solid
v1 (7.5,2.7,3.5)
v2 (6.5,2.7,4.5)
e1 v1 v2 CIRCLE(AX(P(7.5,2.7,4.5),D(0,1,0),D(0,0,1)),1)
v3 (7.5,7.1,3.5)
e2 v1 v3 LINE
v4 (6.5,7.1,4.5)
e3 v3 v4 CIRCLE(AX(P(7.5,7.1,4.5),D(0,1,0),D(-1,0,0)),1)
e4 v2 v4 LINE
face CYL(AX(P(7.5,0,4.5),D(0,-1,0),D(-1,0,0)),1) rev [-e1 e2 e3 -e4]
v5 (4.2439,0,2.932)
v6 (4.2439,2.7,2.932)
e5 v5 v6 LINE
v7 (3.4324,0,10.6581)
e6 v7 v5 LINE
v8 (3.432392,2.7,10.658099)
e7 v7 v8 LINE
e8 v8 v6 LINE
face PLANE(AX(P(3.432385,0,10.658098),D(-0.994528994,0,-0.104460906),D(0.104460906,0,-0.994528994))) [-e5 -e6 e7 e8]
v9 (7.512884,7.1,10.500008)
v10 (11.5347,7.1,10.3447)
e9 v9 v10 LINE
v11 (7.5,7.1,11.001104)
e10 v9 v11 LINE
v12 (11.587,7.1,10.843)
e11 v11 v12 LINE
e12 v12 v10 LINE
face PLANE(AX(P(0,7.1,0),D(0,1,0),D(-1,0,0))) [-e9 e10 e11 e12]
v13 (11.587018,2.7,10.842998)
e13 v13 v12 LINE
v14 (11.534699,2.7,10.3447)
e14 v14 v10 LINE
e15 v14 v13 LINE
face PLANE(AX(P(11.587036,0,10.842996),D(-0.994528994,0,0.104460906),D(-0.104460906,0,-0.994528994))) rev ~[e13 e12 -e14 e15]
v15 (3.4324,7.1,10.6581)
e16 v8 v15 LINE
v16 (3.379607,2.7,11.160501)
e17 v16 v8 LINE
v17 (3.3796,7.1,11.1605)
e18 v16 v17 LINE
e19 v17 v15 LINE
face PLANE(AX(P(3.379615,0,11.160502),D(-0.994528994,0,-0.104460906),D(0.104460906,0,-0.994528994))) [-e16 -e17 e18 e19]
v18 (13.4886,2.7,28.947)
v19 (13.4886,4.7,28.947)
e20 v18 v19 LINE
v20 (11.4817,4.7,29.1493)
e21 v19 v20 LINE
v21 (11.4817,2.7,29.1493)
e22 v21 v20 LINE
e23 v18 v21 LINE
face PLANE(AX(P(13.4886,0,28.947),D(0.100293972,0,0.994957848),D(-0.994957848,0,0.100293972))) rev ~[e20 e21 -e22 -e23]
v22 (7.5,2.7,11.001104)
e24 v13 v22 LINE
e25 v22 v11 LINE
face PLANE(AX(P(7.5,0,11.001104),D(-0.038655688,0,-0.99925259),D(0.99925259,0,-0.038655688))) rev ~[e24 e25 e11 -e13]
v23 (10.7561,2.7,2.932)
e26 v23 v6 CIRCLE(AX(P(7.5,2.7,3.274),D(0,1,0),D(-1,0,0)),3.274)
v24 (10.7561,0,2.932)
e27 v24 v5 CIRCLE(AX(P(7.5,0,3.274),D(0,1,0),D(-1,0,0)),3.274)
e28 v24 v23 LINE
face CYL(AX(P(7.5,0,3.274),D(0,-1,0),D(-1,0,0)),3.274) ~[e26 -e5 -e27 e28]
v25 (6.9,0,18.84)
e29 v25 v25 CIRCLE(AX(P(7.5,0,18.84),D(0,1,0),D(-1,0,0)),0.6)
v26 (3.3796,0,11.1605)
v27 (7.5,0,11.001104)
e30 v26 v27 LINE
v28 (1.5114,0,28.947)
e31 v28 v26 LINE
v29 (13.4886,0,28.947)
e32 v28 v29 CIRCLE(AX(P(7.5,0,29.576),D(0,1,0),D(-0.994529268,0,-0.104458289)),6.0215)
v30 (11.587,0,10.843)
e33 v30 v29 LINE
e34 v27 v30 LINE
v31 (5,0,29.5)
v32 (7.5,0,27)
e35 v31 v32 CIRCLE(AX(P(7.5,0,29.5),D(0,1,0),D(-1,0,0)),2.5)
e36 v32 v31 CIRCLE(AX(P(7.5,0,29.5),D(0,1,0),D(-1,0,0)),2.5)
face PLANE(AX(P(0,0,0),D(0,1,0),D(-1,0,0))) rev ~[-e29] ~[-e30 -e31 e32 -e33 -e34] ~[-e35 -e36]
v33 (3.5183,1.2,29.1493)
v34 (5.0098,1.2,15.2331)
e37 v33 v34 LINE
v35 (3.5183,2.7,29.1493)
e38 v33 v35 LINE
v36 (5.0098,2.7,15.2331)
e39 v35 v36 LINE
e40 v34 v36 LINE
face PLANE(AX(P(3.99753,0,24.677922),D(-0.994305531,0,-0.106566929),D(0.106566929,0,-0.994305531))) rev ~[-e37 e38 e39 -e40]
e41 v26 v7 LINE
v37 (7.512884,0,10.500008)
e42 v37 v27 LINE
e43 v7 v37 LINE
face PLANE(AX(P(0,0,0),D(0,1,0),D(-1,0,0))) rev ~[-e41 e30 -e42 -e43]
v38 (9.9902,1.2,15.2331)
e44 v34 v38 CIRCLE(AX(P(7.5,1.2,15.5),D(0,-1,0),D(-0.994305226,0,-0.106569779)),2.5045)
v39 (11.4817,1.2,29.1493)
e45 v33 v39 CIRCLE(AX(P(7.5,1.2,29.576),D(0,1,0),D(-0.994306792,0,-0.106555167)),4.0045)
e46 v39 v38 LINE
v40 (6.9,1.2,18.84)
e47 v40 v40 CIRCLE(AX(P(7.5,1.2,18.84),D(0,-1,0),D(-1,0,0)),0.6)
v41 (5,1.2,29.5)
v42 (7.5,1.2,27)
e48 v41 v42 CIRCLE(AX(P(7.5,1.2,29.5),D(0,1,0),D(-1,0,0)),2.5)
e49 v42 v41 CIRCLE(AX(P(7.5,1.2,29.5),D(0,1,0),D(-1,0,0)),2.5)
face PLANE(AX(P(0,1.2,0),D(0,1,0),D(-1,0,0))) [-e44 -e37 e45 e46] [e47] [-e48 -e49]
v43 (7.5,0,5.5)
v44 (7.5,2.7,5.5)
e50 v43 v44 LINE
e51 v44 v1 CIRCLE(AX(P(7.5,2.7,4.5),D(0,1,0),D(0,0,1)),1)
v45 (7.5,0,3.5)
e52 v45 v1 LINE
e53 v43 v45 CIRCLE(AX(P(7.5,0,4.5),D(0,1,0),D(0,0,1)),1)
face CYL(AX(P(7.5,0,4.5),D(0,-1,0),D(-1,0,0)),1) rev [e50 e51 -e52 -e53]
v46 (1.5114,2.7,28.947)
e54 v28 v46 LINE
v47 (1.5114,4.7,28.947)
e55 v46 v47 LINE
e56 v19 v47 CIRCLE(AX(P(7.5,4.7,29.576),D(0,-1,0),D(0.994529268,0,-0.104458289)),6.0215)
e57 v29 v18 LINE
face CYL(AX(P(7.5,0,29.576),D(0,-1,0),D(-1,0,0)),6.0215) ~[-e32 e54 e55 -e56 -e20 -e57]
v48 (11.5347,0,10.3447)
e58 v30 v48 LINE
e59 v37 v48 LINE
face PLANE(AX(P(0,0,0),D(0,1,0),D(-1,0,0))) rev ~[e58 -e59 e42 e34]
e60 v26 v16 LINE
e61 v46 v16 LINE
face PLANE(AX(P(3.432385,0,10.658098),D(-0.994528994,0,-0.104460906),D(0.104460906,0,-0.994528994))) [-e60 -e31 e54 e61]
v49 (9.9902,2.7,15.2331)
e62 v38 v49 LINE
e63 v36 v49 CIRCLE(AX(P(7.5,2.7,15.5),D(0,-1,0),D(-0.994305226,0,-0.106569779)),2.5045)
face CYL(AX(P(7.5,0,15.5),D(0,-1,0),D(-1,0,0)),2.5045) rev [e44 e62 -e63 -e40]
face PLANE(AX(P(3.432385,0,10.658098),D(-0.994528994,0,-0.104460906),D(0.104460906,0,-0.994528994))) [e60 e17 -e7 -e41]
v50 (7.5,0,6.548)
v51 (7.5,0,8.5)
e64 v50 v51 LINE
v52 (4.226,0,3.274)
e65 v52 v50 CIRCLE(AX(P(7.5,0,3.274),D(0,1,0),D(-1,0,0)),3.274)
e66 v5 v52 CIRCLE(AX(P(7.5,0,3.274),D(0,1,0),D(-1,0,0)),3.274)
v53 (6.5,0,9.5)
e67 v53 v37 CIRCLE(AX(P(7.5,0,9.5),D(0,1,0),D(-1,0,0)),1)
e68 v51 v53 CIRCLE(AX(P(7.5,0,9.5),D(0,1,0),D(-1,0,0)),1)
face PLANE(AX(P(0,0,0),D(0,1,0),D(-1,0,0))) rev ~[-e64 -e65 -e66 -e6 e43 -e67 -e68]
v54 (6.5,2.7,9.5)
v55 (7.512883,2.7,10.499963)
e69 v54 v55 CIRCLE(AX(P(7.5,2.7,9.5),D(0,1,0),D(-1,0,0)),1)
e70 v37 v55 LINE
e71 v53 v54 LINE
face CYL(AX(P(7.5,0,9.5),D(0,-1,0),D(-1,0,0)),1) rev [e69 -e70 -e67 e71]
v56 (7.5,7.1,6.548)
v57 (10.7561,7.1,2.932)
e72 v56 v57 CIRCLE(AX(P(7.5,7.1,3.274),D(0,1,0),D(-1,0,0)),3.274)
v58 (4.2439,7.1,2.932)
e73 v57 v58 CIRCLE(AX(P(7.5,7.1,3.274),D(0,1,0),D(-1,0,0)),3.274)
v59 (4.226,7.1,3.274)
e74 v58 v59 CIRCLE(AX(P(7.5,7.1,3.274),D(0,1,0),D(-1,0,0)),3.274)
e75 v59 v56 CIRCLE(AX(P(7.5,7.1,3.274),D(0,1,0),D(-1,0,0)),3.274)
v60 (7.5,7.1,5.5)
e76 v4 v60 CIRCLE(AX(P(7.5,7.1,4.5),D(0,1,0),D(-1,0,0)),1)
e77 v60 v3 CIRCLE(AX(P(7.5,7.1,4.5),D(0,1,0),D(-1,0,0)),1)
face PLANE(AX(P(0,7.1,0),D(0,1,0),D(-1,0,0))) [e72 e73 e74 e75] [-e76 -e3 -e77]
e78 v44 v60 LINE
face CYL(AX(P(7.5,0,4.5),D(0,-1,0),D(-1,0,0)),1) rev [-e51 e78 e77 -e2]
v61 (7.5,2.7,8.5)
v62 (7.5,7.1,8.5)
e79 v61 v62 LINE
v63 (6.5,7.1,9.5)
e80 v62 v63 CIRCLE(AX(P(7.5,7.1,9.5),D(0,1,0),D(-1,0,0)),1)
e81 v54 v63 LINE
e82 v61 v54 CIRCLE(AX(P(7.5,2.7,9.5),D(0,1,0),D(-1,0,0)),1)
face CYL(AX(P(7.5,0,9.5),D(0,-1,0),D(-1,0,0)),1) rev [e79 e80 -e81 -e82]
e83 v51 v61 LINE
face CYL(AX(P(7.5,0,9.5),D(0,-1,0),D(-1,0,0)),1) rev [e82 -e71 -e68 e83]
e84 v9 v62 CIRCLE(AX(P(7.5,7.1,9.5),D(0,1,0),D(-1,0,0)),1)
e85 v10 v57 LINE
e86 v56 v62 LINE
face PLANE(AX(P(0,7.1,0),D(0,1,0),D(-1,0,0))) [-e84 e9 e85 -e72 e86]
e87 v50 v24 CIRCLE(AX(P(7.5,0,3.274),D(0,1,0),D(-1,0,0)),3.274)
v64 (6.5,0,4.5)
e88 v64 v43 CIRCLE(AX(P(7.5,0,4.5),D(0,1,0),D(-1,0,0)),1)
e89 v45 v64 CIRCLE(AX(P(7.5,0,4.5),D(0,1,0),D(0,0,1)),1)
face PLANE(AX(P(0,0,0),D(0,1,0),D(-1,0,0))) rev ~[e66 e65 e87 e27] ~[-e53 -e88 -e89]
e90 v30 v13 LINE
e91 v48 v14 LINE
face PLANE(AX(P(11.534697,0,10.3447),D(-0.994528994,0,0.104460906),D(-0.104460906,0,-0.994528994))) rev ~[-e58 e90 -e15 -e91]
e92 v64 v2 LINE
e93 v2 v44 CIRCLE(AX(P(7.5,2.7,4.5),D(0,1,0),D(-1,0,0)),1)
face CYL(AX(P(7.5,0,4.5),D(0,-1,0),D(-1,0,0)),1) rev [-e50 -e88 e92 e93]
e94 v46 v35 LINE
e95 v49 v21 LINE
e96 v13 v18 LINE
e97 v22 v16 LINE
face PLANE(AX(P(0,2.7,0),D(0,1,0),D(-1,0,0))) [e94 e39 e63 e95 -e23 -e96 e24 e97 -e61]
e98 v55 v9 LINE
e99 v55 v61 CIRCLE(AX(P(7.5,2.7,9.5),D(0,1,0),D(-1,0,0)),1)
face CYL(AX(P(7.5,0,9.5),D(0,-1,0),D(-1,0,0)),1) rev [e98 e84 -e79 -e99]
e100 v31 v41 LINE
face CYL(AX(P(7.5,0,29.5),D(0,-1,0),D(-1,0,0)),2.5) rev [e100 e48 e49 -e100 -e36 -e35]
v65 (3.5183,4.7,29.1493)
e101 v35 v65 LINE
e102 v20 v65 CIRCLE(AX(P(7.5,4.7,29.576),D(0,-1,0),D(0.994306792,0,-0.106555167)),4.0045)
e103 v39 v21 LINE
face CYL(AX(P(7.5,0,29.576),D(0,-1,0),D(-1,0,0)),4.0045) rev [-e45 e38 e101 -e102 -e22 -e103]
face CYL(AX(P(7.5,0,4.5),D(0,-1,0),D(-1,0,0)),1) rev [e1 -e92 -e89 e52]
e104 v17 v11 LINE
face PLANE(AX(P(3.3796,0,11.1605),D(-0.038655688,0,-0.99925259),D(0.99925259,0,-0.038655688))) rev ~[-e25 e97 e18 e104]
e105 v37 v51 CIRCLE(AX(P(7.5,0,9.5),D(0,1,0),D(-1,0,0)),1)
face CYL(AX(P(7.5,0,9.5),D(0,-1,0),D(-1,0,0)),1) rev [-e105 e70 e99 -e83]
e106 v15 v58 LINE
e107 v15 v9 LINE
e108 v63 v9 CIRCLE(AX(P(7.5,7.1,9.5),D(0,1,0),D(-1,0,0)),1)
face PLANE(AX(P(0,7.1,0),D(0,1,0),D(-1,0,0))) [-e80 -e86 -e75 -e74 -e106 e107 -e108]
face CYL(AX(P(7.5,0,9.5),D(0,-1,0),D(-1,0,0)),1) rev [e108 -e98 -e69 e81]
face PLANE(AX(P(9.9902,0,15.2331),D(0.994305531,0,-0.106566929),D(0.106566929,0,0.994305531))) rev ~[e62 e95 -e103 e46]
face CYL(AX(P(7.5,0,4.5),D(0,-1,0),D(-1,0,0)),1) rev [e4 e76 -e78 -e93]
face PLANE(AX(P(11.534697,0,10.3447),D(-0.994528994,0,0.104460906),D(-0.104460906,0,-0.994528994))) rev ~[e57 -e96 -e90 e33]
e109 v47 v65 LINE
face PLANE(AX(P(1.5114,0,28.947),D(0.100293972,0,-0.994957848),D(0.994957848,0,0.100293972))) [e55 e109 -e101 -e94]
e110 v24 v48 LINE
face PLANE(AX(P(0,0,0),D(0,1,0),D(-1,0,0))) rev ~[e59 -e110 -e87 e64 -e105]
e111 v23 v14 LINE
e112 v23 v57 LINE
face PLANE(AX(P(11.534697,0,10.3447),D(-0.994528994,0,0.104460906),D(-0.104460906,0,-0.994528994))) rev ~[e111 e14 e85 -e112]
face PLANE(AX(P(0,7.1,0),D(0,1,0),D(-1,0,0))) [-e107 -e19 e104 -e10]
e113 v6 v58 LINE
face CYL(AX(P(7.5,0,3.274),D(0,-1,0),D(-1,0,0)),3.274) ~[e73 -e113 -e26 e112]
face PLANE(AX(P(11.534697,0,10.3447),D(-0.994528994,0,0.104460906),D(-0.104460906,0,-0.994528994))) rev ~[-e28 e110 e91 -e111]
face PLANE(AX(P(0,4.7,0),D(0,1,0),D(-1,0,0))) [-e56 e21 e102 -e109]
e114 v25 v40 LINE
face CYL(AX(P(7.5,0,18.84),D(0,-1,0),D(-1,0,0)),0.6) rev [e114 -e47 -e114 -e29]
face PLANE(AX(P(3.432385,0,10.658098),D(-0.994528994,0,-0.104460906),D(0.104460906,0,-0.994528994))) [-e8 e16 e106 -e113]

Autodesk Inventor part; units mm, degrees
ref_plane "YZ Plane" through (0, 0, 0) normal (1, 0, 0) x (0, 1, 0)
ref_plane "XZ Plane" through (0, 0, 0) normal (0, 1, 0) x (-1, 0, 0)
ref_plane "XY Plane" through (0, 0, 0) normal (0, 0, 1) x (1, 0, 0)
sketch "Sketch1" plane through (0, 0, 0) normal (0, 1, 0) x (-1, 0, 0)
  circle A0 centre (-7.5, 4.5) radius 1
  circle A1 centre (-7.5, 9.5) radius 1
  circle A2 centre (-7.5, 18.84) radius 0.6
  circle A3 centre (-7.5, 29.5) radius 2.5
  circle A4 centre (-7.5, 29.576) radius 6.0215
  circle A5 centre (-7.5, 29.576) radius 4.0045
  circle A6 centre (-7.5, 3.274) radius 3.274
  circle A7 centre (-7.5, 15.5) radius 2.5045
  line L0 (-7.5, 3.274) -> (-7.5, 29.576)
  line L1 (-3.5183, 29.1493) -> (-5.0098, 15.2331)
  line L2 (-9.9902, 15.2331) -> (-11.4817, 29.1493)
  line L3 (-1.5114, 28.947) -> (-4.2439, 2.932)
  line L4 (-13.4886, 28.947) -> (-10.7561, 2.932)
  line L5 (-1.5114, 28.947) -> (-3.5183, 29.1493)
  line L6 (-13.4886, 28.947) -> (-11.4817, 29.1493)
  line L7 (-3.4324, 10.6581) -> (-11.5347, 10.3447)
  line L8 (-3.3796, 11.1605) -> (-11.587, 10.843)
  point P0 (0, 0)
  point P1 (-7.5, 10.5007)
  point P2 (-7.5, 10.5)
  point P3 (-7.5387, 10.4993)
  dimension "d2" = 2
  dimension "d3" = 2
  dimension "d4" = 1.2
  dimension "d5" = 5
  dimension "d6" = 12.043
  dimension "d7" = 8.009
  dimension "d8" = 6.548
  dimension "d9" = 5.009
  dimension "d10" = 5
  dimension "d11" = 1.226
  dimension "d12" = 6
  dimension "d15" = 26.302
  dimension "d16" = 3.34
  dimension "d17" = 10.66
  dimension "d18" = 26.302
  dimension "d19" = 25
  dimension "d28" = 0.5
extrude "Extrusion1" add sketch "Sketch1" along normal blind 4.7 contours A4 L5 A5 L6
extrude "Extrusion2" add sketch "Sketch1" along normal blind 2.7 contours A6 | A6 L4 L7 A1 L0 | L0 A1 L7 L3 A6 | L4 L8 L0 L7 | L0 L8 L3 L7 | L4 A4 L2 A7 L0 L8 | L0 A7 L1 A4 L3 L8 | L6 L2 A4 | A4 L1 L5
extrude "Extrusion3" add sketch "Sketch1" along normal blind 1.2 contours L0 A7 | A7 L0 | L2 A5 L0 A4 | A4 L0 A2 A7 L2 | A5 | A7 L0 A2 A4 L1 | A4 L0 A5 L1
extrude "Extrusion4" add sketch "Sketch1" along normal blind 7.1 contours A6 | A6 L4 L7 A1 L0 | L0 A1 L7 L3 A6 | L4 L8 L0 L7 | L0 L8 L3 L7
properties part number "servoarm"
